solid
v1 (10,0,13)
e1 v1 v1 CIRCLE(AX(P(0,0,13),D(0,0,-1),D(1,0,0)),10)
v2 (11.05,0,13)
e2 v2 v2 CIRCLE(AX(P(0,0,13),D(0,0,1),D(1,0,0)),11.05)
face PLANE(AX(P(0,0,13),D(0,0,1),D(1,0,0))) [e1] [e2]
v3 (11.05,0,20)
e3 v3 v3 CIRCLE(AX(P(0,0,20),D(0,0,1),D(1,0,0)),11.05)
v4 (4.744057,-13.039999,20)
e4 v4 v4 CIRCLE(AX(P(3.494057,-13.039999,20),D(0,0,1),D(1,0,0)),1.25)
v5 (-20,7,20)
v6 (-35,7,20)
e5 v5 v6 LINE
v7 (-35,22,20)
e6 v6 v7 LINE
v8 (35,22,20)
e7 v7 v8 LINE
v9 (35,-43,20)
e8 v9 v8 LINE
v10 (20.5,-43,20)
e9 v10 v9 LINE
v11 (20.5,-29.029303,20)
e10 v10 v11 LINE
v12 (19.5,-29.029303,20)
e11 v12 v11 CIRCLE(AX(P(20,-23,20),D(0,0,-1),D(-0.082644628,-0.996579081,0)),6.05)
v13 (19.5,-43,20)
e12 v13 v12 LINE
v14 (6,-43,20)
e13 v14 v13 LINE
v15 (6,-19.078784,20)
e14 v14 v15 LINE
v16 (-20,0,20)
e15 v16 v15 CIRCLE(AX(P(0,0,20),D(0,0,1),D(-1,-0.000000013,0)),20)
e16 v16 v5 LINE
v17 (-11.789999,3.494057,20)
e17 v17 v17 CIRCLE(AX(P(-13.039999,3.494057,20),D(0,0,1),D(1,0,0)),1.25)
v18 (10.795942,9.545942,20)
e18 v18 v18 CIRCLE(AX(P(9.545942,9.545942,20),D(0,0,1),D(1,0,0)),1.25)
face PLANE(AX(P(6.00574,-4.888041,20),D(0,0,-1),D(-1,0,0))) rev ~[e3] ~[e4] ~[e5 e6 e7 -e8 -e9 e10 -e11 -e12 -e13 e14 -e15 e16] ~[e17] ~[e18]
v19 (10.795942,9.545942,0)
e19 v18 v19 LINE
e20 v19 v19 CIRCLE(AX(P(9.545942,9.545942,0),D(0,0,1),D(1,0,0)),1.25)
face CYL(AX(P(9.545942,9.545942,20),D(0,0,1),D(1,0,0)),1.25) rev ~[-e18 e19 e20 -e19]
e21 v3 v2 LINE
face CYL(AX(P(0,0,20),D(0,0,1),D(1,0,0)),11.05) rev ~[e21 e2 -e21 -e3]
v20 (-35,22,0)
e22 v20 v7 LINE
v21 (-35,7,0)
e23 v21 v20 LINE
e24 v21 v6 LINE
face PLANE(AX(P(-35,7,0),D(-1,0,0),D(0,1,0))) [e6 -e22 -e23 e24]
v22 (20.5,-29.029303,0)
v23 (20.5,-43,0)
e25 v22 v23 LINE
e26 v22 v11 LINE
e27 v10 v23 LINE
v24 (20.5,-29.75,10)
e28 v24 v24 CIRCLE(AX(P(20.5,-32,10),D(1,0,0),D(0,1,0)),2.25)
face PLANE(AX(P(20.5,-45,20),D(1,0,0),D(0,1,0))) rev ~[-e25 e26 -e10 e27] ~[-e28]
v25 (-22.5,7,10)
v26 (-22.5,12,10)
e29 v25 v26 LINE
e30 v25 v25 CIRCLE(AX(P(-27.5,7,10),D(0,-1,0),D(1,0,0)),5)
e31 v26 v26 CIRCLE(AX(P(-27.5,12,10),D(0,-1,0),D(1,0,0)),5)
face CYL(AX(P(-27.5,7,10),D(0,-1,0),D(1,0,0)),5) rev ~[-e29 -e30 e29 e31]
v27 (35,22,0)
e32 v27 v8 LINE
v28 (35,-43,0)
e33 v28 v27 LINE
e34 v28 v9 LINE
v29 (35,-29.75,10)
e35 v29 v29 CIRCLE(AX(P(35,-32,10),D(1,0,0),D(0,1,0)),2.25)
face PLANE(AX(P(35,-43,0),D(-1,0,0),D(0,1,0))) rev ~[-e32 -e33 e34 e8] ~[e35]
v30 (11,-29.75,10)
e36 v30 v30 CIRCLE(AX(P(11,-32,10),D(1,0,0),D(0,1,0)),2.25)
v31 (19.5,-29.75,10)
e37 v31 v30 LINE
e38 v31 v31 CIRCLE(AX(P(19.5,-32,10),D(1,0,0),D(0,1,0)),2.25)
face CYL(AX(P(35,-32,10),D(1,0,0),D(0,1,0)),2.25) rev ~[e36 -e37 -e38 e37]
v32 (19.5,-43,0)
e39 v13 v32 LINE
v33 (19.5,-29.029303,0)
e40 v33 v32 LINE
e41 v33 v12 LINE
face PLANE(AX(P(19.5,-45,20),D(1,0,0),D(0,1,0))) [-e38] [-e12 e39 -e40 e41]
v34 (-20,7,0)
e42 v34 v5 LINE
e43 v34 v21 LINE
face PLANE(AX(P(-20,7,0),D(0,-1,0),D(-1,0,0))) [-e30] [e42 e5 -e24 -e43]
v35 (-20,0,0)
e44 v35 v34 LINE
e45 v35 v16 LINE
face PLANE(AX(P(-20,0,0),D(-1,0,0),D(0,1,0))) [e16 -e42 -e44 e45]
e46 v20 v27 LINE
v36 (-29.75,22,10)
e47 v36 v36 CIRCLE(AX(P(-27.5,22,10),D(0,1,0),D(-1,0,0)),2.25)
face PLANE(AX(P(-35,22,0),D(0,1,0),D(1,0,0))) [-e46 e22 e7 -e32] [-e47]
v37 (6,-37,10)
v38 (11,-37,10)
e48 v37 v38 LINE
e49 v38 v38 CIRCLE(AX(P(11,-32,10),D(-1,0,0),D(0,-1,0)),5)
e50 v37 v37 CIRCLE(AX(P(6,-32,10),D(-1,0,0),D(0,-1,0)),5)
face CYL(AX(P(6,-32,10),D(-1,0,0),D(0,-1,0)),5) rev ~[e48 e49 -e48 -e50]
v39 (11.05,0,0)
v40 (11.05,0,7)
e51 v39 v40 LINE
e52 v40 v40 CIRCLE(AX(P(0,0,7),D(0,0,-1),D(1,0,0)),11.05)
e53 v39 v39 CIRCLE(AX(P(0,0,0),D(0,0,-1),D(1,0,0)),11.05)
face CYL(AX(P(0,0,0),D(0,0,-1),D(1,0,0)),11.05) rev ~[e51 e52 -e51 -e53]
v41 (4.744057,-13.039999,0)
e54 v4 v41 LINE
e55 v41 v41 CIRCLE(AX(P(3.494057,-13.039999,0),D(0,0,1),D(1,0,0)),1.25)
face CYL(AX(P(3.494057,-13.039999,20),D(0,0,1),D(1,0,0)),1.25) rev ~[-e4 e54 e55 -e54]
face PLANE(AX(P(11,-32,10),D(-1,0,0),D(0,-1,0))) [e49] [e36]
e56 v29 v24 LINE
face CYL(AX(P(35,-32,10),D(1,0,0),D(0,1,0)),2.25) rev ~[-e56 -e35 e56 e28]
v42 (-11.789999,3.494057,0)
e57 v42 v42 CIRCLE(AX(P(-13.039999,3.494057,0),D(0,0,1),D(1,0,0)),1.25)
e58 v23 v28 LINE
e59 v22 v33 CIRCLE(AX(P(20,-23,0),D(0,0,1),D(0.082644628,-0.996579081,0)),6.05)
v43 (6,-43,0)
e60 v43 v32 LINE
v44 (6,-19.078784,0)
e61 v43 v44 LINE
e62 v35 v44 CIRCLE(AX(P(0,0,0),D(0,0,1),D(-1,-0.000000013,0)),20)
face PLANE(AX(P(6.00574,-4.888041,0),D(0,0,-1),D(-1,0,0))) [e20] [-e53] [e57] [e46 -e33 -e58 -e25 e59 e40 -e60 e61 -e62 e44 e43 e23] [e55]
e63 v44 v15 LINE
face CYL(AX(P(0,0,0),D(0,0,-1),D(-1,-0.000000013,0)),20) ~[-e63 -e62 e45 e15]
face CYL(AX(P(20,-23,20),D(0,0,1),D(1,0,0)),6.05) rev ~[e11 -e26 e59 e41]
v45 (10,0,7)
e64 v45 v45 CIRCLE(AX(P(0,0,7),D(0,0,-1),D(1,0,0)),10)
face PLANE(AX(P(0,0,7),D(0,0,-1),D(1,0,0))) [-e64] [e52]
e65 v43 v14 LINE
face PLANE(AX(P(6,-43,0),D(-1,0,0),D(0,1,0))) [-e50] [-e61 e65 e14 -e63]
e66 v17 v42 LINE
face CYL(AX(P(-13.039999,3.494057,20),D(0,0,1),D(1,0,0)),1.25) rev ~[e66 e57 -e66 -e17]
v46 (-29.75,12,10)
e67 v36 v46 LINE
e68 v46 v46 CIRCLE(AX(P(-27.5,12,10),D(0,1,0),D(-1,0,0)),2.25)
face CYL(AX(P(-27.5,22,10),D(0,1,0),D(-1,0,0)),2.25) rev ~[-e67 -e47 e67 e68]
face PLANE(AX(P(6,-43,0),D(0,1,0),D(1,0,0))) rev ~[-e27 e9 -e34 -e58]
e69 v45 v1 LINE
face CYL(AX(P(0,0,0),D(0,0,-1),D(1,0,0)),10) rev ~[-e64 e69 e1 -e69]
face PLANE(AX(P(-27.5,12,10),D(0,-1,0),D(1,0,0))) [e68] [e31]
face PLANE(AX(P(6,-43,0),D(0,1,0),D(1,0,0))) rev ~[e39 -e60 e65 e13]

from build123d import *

# Parameters (mm, degrees)
PAD_DEPTH       = 20
SKETCH006_R     = 10
POCKET_DEPTH    = 20.001
SKETCH005_R     = 11.05
POCKET001_DEPTH = 7
SKETCH002_R     = 2.25
POCKET002_DEPTH = 65.001
SKETCH003_R     = 5
POCKET003_DEPTH = 5
SKETCH007_R     = 2.25
POCKET004_DEPTH = 70.001
SKETCH008_R     = 5
POCKET005_DEPTH = 5
SKETCH009_R     = 11.05
POCKET006_DEPTH = 7
SKETCH010_R     = 6.05
POCKET007_DEPTH = 20.001
SKETCH011_W     = 1
SKETCH011_H     = 25
POCKET008_DEPTH = 20.001
SKETCH012_R     = 1.25
POCKET009_DEPTH = 20.001


with BuildPart() as part:
    # Sketch → Pad (new body)
    with BuildSketch(Plane.XY):
        with BuildLine():
            Line((-35, 22), (35, 22))
            Line((35, -43), (35, 22))
            Line((6, -43), (35, -43))
            Line((6, -43), (6, -19.078784))
            ThreePointArc((-20, 0), (-11.83216, -16.124515), (6, -19.078784))
            Line((-20, 0), (-20, 7))
            Line((-20, 7), (-35, 7))
            Line((-35, 7), (-35, 22))
        make_face()
    extrude(amount=PAD_DEPTH)

    # Sketch006 → Pocket (cut, through all)
    with BuildSketch(Plane(origin=(0, 0, 0), x_dir=(1, 0, 0), z_dir=(0, 0, -1))):
        Circle(SKETCH006_R)
    extrude(amount=-POCKET_DEPTH, mode=Mode.SUBTRACT)

    # Sketch005 → Pocket001 (cut)
    with BuildSketch(Plane.XY.offset(20)):
        Circle(SKETCH005_R)
    extrude(amount=-POCKET001_DEPTH, mode=Mode.SUBTRACT)

    # Sketch002 → Pocket002 (cut, through all)
    with BuildSketch(Plane(origin=(0, 22, 0), x_dir=(-1, 0, 0), z_dir=(0, 1, 0))):
        with Locations((27.5, 10)):
            Circle(SKETCH002_R)
    extrude(amount=-POCKET002_DEPTH, mode=Mode.SUBTRACT)

    # Sketch003 → Pocket003 (cut)
    with BuildSketch(Plane.XZ.offset(-7)):
        with Locations((-27.5, 10)):
            Circle(SKETCH003_R)
    extrude(amount=-POCKET003_DEPTH, mode=Mode.SUBTRACT)

    # Sketch007 → Pocket004 (cut, through all)
    with BuildSketch(Plane.YZ.offset(35)):
        with Locations((-32, 10)):
            Circle(SKETCH007_R)
    extrude(amount=-POCKET004_DEPTH, mode=Mode.SUBTRACT)

    # Sketch008 → Pocket005 (cut)
    with BuildSketch(Plane(origin=(6, 0, 0), x_dir=(0, -1, 0), z_dir=(-1, 0, 0))):
        with Locations((32, 10)):
            Circle(SKETCH008_R)
    extrude(amount=-POCKET005_DEPTH, mode=Mode.SUBTRACT)

    # Sketch009 → Pocket006 (cut)
    with BuildSketch(Plane(origin=(0, 0, 0), x_dir=(1, 0, 0), z_dir=(0, 0, -1))):
        Circle(SKETCH009_R)
    extrude(amount=-POCKET006_DEPTH, mode=Mode.SUBTRACT)

    # Sketch010 → Pocket007 (cut, through all)
    with BuildSketch(Plane.XY.offset(20)):
        with Locations((20, -23)):
            Circle(SKETCH010_R)
    extrude(amount=-POCKET007_DEPTH, mode=Mode.SUBTRACT)

    # Sketch011 → Pocket008 (cut, through all)
    with BuildSketch(Plane.XY.offset(20)):
        with Locations((20, -32.5)):
            Rectangle(SKETCH011_W, SKETCH011_H)
    extrude(amount=-POCKET008_DEPTH, mode=Mode.SUBTRACT)

    # Sketch012 → Pocket009 (cut, through all)
    with BuildSketch(Plane.XY.offset(20)):
        with Locations((9.545942, 9.545942)):
            Circle(SKETCH012_R)
        with Locations((-13.039999, 3.494057)):
            Circle(SKETCH012_R)
        with Locations((3.494057, -13.039999)):
            Circle(SKETCH012_R)
    extrude(amount=-POCKET009_DEPTH, mode=Mode.SUBTRACT)


solid = part.part
